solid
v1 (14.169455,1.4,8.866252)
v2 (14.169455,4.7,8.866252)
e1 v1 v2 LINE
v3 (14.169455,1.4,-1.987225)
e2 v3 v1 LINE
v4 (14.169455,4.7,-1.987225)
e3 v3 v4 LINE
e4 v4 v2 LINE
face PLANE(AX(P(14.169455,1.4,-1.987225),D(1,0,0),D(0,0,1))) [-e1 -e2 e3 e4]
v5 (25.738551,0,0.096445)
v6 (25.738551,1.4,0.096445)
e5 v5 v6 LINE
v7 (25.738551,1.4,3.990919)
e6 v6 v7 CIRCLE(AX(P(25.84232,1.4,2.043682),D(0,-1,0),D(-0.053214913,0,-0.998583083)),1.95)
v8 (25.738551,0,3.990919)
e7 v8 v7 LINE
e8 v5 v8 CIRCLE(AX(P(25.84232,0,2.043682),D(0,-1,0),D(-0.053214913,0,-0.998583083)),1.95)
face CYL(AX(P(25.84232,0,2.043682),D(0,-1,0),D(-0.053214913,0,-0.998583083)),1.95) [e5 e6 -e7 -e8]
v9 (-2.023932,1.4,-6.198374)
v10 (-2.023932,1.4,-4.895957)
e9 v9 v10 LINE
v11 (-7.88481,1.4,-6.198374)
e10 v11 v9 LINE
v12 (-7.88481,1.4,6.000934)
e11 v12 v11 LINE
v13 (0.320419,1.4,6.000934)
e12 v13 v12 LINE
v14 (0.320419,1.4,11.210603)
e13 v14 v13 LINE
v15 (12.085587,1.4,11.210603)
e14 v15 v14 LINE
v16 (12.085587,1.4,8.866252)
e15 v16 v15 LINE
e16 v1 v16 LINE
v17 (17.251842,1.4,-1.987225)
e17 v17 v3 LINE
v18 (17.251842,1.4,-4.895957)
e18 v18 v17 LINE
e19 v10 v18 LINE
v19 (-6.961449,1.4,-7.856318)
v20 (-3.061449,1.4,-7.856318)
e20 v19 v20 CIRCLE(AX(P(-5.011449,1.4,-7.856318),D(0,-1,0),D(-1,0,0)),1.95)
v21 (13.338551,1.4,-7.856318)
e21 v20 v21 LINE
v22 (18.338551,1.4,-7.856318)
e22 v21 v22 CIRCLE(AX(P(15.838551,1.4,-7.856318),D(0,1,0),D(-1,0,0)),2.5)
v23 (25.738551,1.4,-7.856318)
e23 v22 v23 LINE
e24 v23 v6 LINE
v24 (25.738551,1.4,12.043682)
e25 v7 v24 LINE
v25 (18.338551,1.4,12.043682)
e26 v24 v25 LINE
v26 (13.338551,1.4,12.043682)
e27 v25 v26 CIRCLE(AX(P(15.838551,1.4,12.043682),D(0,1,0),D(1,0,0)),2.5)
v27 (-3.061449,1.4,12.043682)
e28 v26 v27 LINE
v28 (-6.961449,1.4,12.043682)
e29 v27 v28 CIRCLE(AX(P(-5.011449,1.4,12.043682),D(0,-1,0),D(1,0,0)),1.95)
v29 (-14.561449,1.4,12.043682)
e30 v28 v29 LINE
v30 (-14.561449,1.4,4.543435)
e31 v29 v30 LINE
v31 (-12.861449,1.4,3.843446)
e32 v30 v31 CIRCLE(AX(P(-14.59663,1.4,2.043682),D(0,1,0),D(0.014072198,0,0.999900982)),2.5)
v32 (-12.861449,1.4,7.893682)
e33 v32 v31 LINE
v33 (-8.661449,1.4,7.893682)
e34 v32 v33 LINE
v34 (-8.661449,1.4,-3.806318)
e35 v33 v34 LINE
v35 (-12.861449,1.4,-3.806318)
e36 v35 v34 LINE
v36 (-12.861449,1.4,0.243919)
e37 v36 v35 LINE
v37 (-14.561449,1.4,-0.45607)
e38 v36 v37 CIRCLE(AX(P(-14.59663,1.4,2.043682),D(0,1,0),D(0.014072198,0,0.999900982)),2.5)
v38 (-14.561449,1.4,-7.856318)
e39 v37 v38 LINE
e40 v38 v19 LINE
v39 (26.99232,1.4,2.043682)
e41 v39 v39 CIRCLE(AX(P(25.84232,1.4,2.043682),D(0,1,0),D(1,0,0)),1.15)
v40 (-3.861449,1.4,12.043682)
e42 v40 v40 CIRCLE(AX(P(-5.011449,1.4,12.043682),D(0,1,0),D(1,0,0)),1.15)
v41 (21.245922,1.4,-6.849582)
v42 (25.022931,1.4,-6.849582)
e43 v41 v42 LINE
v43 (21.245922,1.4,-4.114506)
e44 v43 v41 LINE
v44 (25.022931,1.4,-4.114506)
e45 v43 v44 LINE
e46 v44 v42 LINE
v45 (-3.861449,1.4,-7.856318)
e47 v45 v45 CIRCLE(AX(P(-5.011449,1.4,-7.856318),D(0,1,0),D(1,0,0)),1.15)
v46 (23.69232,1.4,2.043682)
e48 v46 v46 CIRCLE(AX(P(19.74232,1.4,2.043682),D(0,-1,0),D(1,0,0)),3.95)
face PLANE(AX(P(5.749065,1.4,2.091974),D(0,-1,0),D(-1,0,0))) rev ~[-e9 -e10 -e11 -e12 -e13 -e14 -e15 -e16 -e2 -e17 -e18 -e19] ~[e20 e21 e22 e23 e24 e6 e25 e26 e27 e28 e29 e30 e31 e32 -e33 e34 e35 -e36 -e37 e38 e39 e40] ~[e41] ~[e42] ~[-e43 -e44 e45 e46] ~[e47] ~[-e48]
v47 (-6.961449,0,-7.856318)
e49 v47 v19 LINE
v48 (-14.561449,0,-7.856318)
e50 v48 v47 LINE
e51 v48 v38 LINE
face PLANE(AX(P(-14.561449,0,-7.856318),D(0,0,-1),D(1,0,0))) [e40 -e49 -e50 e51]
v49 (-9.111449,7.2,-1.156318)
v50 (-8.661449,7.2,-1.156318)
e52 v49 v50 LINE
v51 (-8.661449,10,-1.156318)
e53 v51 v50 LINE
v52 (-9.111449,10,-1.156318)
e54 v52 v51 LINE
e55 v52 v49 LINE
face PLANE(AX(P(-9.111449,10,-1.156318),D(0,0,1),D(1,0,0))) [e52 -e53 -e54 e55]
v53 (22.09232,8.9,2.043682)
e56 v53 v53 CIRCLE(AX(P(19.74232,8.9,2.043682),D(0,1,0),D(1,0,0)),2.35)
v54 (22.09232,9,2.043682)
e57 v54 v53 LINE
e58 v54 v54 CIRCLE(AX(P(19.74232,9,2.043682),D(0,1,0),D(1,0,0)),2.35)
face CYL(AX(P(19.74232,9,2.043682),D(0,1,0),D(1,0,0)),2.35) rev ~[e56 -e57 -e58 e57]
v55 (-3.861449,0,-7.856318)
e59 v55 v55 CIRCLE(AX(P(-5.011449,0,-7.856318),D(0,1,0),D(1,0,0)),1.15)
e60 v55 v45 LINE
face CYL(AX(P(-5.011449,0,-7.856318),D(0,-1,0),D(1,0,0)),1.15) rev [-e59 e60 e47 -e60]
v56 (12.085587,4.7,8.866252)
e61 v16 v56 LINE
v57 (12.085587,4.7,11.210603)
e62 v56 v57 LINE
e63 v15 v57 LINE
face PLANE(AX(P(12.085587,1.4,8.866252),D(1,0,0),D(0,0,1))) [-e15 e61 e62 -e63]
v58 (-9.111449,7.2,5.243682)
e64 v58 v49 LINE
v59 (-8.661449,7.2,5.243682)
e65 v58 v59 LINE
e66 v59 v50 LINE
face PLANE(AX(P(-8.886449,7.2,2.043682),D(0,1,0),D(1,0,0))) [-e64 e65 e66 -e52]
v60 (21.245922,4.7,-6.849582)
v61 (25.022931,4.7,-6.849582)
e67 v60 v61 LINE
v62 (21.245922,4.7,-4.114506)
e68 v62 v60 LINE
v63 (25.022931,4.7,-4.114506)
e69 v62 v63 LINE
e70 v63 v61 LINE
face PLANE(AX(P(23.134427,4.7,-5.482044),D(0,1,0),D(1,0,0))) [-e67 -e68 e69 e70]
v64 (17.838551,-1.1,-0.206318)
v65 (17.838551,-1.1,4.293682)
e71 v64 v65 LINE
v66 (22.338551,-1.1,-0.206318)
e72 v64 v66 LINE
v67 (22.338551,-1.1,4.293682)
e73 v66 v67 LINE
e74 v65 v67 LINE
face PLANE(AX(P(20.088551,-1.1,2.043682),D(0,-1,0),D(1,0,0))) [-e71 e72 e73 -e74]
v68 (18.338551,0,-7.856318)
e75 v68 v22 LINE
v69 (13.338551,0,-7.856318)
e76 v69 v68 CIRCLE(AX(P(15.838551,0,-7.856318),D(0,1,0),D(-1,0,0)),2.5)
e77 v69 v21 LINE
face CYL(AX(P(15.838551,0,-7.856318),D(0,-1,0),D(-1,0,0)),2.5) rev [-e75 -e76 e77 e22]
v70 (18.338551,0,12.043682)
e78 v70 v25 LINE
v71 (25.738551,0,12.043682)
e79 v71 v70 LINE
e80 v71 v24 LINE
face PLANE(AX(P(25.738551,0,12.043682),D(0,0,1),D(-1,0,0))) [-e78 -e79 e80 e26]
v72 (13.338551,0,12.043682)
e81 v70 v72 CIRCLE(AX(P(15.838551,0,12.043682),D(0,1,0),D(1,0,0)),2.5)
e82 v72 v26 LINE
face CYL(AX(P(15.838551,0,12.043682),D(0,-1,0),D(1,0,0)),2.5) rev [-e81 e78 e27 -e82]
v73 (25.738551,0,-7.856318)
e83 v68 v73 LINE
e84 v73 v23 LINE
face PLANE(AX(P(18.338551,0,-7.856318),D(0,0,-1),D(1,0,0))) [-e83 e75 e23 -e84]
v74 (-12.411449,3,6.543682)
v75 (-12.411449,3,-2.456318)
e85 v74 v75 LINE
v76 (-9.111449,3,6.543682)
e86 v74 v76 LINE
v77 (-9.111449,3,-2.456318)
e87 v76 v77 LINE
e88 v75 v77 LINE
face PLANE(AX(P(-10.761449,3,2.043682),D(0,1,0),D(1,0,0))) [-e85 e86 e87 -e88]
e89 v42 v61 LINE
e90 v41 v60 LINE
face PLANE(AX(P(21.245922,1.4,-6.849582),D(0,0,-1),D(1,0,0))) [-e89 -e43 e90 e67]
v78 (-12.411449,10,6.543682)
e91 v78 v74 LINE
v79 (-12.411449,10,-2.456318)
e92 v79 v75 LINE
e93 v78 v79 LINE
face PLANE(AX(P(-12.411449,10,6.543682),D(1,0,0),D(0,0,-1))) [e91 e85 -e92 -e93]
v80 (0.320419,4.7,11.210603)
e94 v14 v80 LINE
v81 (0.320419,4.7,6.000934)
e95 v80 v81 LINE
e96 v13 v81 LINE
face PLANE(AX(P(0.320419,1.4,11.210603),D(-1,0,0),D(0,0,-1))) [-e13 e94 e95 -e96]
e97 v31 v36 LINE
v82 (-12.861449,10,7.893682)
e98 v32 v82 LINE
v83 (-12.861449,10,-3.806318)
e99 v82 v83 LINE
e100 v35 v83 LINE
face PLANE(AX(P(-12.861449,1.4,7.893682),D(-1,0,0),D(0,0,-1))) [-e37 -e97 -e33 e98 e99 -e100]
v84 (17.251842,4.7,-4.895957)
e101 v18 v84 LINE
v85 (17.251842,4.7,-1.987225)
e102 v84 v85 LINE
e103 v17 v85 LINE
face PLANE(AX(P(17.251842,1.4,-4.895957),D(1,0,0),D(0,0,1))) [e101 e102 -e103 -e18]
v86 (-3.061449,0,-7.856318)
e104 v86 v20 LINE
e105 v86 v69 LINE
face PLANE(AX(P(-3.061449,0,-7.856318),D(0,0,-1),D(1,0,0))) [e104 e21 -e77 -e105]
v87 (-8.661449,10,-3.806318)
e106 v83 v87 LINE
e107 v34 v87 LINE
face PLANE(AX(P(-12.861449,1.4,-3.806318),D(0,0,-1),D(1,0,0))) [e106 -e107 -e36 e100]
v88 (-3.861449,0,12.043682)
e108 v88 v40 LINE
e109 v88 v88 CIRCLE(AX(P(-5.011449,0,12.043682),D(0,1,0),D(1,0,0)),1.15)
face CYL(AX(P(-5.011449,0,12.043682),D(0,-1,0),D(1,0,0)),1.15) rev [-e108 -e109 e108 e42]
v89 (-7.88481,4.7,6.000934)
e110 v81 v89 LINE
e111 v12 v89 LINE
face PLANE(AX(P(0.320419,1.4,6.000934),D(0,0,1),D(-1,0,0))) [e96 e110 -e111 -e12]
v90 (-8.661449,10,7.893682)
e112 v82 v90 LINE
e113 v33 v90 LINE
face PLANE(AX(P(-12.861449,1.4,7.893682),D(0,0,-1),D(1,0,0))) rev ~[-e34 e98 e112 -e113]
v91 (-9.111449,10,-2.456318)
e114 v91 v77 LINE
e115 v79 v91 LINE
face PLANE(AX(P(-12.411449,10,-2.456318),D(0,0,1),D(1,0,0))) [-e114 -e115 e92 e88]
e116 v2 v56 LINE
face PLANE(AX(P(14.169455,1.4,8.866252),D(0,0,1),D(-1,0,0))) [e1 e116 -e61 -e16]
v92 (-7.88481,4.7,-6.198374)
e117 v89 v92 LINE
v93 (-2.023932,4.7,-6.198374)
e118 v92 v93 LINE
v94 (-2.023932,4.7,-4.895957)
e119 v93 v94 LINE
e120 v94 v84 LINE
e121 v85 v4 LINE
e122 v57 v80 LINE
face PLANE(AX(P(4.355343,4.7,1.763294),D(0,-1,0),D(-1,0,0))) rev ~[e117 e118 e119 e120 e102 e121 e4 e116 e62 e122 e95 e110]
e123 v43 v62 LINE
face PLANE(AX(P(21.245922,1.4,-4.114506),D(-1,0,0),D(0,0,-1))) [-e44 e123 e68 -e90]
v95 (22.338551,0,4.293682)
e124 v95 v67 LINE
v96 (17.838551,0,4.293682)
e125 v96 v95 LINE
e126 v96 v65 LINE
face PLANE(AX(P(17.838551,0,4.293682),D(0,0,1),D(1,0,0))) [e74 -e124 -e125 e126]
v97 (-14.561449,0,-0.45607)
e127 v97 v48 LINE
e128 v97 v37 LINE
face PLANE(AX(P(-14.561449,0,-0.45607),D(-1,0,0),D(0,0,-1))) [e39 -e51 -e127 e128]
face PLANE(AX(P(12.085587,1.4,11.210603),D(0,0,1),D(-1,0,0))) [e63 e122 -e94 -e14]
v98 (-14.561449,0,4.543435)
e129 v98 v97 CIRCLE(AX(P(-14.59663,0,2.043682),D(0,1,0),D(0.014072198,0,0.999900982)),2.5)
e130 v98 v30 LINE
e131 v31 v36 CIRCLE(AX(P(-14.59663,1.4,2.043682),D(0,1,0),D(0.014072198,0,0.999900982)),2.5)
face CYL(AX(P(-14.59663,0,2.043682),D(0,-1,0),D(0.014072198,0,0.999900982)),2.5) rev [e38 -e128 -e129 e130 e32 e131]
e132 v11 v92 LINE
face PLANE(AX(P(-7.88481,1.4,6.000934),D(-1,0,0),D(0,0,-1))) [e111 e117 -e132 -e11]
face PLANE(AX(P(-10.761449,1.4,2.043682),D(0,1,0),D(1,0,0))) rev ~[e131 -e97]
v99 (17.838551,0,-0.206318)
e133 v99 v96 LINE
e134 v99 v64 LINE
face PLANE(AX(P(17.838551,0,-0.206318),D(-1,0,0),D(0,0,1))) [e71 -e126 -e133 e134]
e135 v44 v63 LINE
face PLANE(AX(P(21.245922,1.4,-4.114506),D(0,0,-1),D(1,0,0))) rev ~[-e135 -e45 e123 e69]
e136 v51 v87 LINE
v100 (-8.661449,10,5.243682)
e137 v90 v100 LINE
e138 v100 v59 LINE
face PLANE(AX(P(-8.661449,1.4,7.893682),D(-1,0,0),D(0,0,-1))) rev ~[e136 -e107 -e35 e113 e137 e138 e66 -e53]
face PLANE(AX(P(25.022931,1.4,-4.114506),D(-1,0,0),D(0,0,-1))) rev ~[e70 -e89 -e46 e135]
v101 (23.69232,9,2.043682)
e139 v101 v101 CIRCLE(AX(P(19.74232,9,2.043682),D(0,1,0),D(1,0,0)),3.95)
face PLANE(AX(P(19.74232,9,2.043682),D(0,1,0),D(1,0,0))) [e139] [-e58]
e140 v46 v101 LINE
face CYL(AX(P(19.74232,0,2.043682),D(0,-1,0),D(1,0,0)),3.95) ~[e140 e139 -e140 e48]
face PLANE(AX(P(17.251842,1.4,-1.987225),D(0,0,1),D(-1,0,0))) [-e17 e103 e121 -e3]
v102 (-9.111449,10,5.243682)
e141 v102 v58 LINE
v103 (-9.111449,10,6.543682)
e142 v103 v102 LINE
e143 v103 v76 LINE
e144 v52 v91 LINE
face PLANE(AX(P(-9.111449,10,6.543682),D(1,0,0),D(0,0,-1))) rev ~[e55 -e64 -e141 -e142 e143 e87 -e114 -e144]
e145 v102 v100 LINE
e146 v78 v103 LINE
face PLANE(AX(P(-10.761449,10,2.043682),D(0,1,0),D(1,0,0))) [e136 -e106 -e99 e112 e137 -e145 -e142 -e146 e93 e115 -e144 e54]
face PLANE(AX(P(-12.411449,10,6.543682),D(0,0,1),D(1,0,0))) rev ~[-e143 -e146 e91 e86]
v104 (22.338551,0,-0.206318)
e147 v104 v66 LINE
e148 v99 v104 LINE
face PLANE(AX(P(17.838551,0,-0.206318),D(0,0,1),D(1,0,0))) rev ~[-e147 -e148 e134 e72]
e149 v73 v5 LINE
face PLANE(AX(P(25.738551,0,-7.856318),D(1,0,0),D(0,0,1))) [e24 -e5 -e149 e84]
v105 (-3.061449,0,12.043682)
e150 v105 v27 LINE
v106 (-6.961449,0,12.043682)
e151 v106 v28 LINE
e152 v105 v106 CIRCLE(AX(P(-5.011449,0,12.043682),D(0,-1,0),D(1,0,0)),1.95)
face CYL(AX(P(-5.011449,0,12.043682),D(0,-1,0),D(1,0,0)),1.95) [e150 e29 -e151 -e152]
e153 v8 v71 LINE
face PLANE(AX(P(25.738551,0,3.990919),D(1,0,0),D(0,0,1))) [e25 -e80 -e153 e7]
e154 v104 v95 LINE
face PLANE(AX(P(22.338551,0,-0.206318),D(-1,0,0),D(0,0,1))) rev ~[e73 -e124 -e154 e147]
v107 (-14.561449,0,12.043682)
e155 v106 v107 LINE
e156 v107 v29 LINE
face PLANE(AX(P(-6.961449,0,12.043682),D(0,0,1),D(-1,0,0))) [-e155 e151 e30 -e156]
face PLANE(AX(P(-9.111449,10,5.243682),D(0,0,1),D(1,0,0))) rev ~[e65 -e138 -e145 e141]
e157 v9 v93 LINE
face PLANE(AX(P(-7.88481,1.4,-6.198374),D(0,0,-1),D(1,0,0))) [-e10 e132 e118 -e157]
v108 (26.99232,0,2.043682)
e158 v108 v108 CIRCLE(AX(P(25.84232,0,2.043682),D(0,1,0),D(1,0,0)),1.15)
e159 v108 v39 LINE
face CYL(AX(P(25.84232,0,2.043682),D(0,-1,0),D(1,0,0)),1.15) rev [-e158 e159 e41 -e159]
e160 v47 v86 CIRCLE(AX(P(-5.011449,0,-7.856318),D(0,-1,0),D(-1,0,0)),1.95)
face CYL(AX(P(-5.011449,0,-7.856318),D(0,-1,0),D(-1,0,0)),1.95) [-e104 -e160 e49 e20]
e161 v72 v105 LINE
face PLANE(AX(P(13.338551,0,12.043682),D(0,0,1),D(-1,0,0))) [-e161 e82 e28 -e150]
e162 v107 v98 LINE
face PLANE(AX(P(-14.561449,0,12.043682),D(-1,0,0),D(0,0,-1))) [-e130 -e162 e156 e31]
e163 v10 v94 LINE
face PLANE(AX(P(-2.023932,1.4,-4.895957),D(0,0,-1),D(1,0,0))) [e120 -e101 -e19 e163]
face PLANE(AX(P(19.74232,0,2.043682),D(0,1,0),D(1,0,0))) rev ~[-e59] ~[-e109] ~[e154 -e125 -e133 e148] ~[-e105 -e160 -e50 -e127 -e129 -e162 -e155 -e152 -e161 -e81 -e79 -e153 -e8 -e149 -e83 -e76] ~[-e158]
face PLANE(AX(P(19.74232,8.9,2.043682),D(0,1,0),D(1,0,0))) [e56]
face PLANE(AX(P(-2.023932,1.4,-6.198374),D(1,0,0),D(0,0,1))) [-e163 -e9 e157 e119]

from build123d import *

# Parameters (mm, degrees)
SKETCH1_R           = 1.15
BOSS_EXTRUDE1_DEPTH = 1.4
BOSS_EXTRUDE2_START = -1.4
SKETCH2_R           = 3.95
BOSS_EXTRUDE2_DEPTH = 9
SKETCH3_W           = 4.2
SKETCH3_H           = 11.7
BOSS_EXTRUDE4_DEPTH = 8.6
SKETCH4_W           = 3.3
SKETCH4_H           = 9
CUT_EXTRUDE1_DEPTH  = 7
SKETCH5_W           = 0.45
SKETCH5_H           = 6.4
CUT_EXTRUDE2_DEPTH  = 2.8
SKETCH6_W           = 3.777009852
SKETCH6_H           = 2.7350761
BOSS_EXTRUDE6_DEPTH = 3.3
SKETCH7_W           = 4.5
SKETCH7_H           = 4.5
BOSS_EXTRUDE7_DEPTH = 1.1
SKETCH8_R           = 2.35
CUT_EXTRUDE3_DEPTH  = 0.1


with BuildPart() as part:
    # Sketch1 → Boss-Extrude1 (new body)
    with BuildSketch(Plane(origin=(0, 0, 0), x_dir=(1, 0, 0), z_dir=(0, 1, 0))):
        with BuildLine():
            Line((25.738550612, -3.990919322), (25.738550612, -12.04368231))
            Line((25.738550612, -12.04368231), (18.338550612, -12.04368231))
            ThreePointArc((18.338550612, -12.04368231), (15.838550612, -9.54368231), (13.338550612, -12.04368231))
            Line((13.338550612, -12.04368231), (-3.061449388, -12.04368231))
            ThreePointArc((-3.061449388, -12.04368231), (-5.011449388, -13.99368231), (-6.961449388, -12.04368231))
            Line((-6.961449388, -12.04368231), (-14.561449388, -12.04368231))
            Line((-14.561449388, -12.04368231), (-14.561449388, -4.543434765))
            ThreePointArc((-14.561449388, -4.543434765), (-12.096629884, -2.04368231), (-14.561449388, 0.456070144))
            Line((-14.561449388, 0.456070144), (-14.561449388, 7.85631769))
            Line((-14.561449388, 7.85631769), (-6.961449388, 7.85631769))
            ThreePointArc((-6.961449388, 7.85631769), (-5.011449388, 9.80631769), (-3.061449388, 7.85631769))
            Line((-3.061449388, 7.85631769), (13.338550612, 7.85631769))
            ThreePointArc((13.338550612, 7.85631769), (15.838550612, 5.35631769), (18.338550612, 7.85631769))
            Line((18.338550612, 7.85631769), (25.738550612, 7.85631769))
            Line((25.738550612, 7.85631769), (25.738550612, -0.096445299))
            ThreePointArc((25.738550612, -0.096445299), (27.792319693, -2.04368231), (25.738550612, -3.990919322))
        make_face()
        with Locations((25.842319693, -2.04368231)):
            Circle(SKETCH1_R, mode=Mode.SUBTRACT)
        with Locations((-5.011449388, -12.04368231)):
            Circle(SKETCH1_R, mode=Mode.SUBTRACT)
        with Locations((-5.011449388, 7.85631769)):
            Circle(SKETCH1_R, mode=Mode.SUBTRACT)
    extrude(amount=BOSS_EXTRUDE1_DEPTH)

    # Sketch2 → Boss-Extrude2 (add)
    with BuildSketch(Plane(origin=(0, 1.4, 0), x_dir=(1, 0, 0), z_dir=(0, 1, 0)).offset(BOSS_EXTRUDE2_START)):
        with Locations((19.742319693, -2.04368231)):
            Circle(SKETCH2_R)
    extrude(amount=BOSS_EXTRUDE2_DEPTH)

    # Sketch3 → Boss-Extrude4 (add)
    with BuildSketch(Plane(origin=(0, 1.4, 0), x_dir=(1, 0, 0), z_dir=(0, 1, 0))):
        with Locations((-10.761449388, -2.04368231)):
            Rectangle(SKETCH3_W, SKETCH3_H)
    extrude(amount=BOSS_EXTRUDE4_DEPTH)

    # Sketch4 → Cut-Extrude1 (cut)
    with BuildSketch(Plane(origin=(0, 10, 0), x_dir=(1, 0, 0), z_dir=(0, 1, 0))):
        with Locations((-10.761449388, -2.04368231)):
            Rectangle(SKETCH4_W, SKETCH4_H)
    extrude(amount=-CUT_EXTRUDE1_DEPTH, mode=Mode.SUBTRACT)

    # Sketch5 → Cut-Extrude2 (cut)
    with BuildSketch(Plane(origin=(0, 10, 0), x_dir=(1, 0, 0), z_dir=(0, 1, 0))):
        with Locations((-8.886449388, -2.04368231)):
            Rectangle(SKETCH5_W, SKETCH5_H)
    extrude(amount=-CUT_EXTRUDE2_DEPTH, mode=Mode.SUBTRACT)

    # Sketch6 → Boss-Extrude6 (add)
    with BuildSketch(Plane(origin=(0, 1.4, 0), x_dir=(1, 0, 0), z_dir=(0, 1, 0))):
        Polygon((-7.884809568, 6.198373802), (-2.023932211, 6.198373802), (-2.023932211, 4.895956612), (17.251842208, 4.895956612), (17.251842208, 1.987224886), (14.169454857, 1.987224886), (14.169454857, -8.866251701), (12.085587353, -8.866251701), (12.085587353, -11.210602644), (0.320418732, -11.210602644), (0.320418732, -6.000933882), (-7.884809568, -6.000933882), align=None)
        with Locations((23.134426518, 5.482044347)):
            Rectangle(SKETCH6_W, SKETCH6_H)
    extrude(amount=BOSS_EXTRUDE6_DEPTH)

    # Sketch7 → Boss-Extrude7 (add)
    with BuildSketch(Plane.XZ):
        with Locations((20.088550612, 2.04368231)):
            Rectangle(SKETCH7_W, SKETCH7_H)
    extrude(amount=BOSS_EXTRUDE7_DEPTH)

    # Sketch8 → Cut-Extrude3 (cut)
    with BuildSketch(Plane(origin=(0, 9, 0), x_dir=(1, 0, 0), z_dir=(0, 1, 0))):
        with Locations((19.742319693, -2.04368231)):
            Circle(SKETCH8_R)
    extrude(amount=-CUT_EXTRUDE3_DEPTH, mode=Mode.SUBTRACT)


solid = part.part
